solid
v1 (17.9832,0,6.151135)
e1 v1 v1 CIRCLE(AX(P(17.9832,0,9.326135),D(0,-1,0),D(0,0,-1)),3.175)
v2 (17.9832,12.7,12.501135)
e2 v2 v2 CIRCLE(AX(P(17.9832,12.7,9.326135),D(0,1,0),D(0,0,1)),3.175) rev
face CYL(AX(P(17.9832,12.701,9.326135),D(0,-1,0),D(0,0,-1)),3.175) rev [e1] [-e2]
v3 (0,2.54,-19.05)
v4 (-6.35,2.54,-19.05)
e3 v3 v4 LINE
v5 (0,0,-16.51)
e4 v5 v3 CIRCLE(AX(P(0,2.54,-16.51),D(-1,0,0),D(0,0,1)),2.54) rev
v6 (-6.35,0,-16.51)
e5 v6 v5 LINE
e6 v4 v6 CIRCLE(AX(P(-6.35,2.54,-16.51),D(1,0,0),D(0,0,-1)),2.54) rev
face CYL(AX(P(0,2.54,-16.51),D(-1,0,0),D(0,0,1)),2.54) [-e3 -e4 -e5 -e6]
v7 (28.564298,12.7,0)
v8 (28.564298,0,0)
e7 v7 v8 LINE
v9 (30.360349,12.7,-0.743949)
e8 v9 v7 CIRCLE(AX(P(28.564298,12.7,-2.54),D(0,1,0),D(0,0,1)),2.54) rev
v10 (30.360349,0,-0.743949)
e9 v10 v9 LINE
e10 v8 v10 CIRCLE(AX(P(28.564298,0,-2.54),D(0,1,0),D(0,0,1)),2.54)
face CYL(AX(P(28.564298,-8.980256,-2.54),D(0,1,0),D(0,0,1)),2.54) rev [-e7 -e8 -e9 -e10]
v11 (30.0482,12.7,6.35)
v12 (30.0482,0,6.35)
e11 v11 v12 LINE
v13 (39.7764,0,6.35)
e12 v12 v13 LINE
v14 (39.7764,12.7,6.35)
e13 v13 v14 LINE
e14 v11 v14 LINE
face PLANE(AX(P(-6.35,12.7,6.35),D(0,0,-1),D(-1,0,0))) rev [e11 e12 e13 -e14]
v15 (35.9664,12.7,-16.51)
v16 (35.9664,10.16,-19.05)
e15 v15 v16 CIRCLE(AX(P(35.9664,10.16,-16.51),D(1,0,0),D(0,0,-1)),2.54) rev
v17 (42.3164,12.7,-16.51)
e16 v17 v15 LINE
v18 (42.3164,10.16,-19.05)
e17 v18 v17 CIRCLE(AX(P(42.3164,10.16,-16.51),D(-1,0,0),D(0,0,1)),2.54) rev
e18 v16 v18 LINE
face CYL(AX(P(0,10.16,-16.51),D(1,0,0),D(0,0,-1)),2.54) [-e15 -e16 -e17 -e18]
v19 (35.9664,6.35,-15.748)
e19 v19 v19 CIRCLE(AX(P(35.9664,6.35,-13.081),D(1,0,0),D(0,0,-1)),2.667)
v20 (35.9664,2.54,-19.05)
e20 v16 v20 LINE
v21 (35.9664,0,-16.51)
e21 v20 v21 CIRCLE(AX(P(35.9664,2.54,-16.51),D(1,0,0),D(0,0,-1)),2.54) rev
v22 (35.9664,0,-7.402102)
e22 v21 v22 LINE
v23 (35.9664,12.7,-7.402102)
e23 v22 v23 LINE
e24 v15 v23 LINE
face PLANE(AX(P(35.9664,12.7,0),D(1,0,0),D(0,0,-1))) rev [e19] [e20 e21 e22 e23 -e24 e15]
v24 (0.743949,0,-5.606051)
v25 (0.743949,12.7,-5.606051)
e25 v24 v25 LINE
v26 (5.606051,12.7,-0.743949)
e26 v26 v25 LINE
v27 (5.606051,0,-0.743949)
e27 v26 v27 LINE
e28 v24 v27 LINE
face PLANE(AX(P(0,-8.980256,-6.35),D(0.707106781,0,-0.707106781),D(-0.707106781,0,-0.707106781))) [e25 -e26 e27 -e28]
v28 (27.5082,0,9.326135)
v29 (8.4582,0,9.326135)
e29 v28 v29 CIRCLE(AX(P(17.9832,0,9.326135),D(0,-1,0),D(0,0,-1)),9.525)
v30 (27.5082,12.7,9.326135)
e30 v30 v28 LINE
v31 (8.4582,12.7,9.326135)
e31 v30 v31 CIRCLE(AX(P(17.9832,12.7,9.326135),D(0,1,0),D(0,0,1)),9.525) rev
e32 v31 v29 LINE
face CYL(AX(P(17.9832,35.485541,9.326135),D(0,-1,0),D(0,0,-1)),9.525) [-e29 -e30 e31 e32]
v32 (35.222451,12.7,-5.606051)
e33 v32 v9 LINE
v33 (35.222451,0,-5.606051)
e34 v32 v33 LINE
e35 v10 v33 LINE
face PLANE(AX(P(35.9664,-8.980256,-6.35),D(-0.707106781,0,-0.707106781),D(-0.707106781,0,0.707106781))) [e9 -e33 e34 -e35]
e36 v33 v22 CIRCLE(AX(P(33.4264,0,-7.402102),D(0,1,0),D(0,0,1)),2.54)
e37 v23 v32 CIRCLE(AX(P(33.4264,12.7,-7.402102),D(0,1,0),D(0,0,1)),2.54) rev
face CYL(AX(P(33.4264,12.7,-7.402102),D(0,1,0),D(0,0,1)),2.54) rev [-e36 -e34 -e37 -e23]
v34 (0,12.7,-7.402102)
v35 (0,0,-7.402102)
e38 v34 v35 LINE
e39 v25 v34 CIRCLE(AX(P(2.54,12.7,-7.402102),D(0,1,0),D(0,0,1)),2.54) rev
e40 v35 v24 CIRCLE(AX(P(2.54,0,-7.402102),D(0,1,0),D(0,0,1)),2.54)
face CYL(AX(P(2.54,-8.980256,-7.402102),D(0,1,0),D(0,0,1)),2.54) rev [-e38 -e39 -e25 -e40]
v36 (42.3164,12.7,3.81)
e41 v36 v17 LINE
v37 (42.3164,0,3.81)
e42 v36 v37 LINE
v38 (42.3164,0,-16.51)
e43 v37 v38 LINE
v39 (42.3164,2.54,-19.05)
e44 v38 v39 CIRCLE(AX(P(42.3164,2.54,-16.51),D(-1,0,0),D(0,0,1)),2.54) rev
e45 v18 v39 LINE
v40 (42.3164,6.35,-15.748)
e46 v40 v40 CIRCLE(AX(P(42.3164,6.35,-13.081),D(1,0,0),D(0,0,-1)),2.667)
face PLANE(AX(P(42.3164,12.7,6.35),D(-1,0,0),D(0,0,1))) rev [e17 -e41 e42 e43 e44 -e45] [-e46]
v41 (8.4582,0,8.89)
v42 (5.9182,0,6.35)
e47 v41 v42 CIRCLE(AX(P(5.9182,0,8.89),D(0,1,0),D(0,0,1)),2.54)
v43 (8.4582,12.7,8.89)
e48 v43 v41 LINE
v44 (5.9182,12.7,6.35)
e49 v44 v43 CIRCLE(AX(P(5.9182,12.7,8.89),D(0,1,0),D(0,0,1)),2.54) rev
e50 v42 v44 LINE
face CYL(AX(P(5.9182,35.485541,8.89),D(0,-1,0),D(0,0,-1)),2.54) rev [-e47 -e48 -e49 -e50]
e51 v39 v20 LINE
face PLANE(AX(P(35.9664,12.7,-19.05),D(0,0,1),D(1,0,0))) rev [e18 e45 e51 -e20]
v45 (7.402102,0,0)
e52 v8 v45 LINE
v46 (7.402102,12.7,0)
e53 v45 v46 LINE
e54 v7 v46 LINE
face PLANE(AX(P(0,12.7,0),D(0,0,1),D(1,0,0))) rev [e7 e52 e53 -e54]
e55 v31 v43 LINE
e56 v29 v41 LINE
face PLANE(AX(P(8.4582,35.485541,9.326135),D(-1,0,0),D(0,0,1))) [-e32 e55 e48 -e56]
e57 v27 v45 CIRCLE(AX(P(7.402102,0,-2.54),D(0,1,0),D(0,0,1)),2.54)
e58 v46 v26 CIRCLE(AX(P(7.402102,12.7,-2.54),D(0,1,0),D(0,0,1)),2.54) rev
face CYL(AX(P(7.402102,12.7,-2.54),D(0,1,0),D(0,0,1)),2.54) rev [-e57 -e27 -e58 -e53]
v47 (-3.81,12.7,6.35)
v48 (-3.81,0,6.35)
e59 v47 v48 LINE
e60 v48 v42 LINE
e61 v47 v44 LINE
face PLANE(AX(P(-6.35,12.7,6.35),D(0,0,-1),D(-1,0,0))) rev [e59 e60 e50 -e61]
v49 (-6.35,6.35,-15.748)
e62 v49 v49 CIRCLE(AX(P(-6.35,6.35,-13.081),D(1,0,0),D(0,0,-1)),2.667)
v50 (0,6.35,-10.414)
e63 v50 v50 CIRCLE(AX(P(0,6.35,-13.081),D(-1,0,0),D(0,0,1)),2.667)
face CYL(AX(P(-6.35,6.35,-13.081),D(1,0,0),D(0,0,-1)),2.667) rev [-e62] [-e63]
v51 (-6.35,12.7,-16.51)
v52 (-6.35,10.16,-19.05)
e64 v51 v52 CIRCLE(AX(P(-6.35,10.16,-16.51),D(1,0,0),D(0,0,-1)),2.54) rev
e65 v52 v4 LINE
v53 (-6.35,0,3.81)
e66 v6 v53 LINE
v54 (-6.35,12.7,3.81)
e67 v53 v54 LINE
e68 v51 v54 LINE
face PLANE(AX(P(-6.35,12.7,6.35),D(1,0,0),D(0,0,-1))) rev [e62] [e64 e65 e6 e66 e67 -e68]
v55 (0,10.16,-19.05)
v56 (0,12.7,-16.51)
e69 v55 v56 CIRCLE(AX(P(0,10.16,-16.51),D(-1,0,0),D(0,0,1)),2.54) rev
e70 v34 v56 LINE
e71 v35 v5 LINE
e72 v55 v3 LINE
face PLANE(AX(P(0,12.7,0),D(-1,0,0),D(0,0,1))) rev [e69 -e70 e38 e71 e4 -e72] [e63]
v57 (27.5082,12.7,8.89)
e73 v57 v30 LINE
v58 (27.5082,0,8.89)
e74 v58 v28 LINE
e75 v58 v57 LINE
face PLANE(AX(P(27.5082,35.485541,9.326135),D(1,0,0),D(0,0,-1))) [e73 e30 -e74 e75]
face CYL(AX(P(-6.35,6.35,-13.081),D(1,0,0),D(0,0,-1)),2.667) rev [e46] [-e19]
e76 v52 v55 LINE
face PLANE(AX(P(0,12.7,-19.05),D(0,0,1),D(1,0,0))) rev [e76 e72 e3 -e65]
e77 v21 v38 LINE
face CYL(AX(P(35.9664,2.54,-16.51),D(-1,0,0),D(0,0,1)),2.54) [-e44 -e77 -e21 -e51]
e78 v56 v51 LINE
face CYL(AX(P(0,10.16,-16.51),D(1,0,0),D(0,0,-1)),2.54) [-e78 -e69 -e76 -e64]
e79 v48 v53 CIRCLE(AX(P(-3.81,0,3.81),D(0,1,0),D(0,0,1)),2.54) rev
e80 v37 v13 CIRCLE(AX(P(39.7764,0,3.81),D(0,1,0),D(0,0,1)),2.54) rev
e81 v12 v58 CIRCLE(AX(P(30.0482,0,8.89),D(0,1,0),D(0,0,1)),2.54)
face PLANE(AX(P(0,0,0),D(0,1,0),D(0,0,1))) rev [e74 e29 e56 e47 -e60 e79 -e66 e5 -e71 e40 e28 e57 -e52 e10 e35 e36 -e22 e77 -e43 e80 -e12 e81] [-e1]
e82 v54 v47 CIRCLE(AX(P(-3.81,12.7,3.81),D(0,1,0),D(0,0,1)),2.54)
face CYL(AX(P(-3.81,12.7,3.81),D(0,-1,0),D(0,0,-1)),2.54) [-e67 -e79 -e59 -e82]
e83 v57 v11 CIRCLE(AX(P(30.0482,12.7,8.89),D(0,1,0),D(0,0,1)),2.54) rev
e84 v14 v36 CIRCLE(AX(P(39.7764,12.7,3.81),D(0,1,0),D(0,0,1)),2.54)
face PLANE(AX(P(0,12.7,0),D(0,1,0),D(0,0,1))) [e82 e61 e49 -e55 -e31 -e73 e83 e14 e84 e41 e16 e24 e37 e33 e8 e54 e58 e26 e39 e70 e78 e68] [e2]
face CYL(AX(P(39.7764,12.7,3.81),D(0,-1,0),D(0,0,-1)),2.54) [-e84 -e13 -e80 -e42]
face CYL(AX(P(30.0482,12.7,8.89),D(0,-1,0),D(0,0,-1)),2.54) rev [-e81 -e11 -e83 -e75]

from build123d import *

# Parameters (mm, degrees)
BOSS_EXTRUDE1_DEPTH = 12.7
SKETCH2_R           = 2.667
CUT_EXTRUDE1_DEPTH  = 49.6664
BOSS_EXTRUDE3_DEPTH = 12.7
BOSS_EXTRUDE4_DEPTH = 12.7
CUT_EXTRUDE2_REACH  = 14.7
SKETCH5_R           = 3.175
FILLET1_R           = 2.54
RR_R                = 2.54
FILLET3_R           = 2.54


with BuildPart() as part:
    # Sketch1 → Boss-Extrude1 (new body)
    with BuildSketch(Plane(origin=(0, 0, 0), x_dir=(1, 0, 0), z_dir=(0, 1, 0))):
        Polygon((-6.35, -6.35), (-6.35, 19.05), (0, 19.05), (0, 0), (35.9664, 0), (35.9664, 19.05), (42.3164, 19.05), (42.3164, -6.35), align=None)
    extrude(amount=BOSS_EXTRUDE1_DEPTH)

    # Sketch2 → Cut-Extrude1 (cut, through all)
    with BuildSketch(Plane(origin=(42.3164, 0, 0), x_dir=(0, 0, -1), z_dir=(1, 0, 0))):
        with Locations((13.081, 6.35)):
            Circle(SKETCH2_R)
    extrude(amount=-CUT_EXTRUDE1_DEPTH, mode=Mode.SUBTRACT)

    # Sketch3 → Boss-Extrude3 (add)
    with BuildSketch(Plane(origin=(0, 12.7, 0), x_dir=(1, 0, 0), z_dir=(0, 1, 0))):
        Polygon((0, 0), (6.35, 0), (0, 6.35), align=None)
        Polygon((35.9664, 6.35), (29.6164, 0), (35.9664, 0), align=None)
    extrude(amount=-BOSS_EXTRUDE3_DEPTH)

    # Sketch4 → Boss-Extrude4 (add)
    with BuildSketch(Plane.XZ):
        with BuildLine():
            Line((27.5082, 9.32613509), (27.5082, 6.35))
            Line((27.5082, 6.35), (8.4582, 6.35))
            Line((8.4582, 6.35), (8.4582, 9.32613509))
            ThreePointArc((8.4582, 9.32613509), (17.9832, 18.85113509), (27.5082, 9.32613509))
        make_face()
    extrude(amount=-BOSS_EXTRUDE4_DEPTH)

    # Sketch5 → Cut-Extrude2 (cut, up to next)
    with BuildSketch(Plane.XZ, mode=Mode.PRIVATE) as cut_extrude2_sk1:
        with Locations((17.9832, 9.32613509)):
            Circle(SKETCH5_R)
    cut_extrude2_tool1 = extrude(cut_extrude2_sk1.sketch, amount=-CUT_EXTRUDE2_REACH, mode=Mode.PRIVATE) & part.part
    add(cut_extrude2_tool1.solids().sort_by_distance((17.9832, 0, 9.326135))[0], mode=Mode.SUBTRACT)

    # Fillet1
    fillet1_edges = [part.edges().sort_by_distance(p)[0] for p in [
        (42.3164, 6.35, 6.35),
        (-6.35, 6.35, 6.35),
        (8.4582, 6.35, 6.35),
        (27.5082, 6.35, 6.35),
    ]]
    fillet(fillet1_edges, radius=FILLET1_R)

    # rr
    rr_edges = [part.edges().sort_by_distance(p)[0] for p in [
        (0, 6.35, -6.35),
        (6.35, 6.35, 0),
        (35.9664, 6.35, -6.35),
        (29.6164, 6.35, 0),
    ]]
    fillet(rr_edges, radius=RR_R)

    # Fillet3
    fillet3_edges = [part.edges().sort_by_distance(p)[0] for p in [
        (-3.175, 0, -19.05),
        (39.1414, 12.7, -19.05),
        (-3.175, 12.7, -19.05),
        (39.1414, 0, -19.05),
    ]]
    fillet(fillet3_edges, radius=FILLET3_R)


solid = part.part
